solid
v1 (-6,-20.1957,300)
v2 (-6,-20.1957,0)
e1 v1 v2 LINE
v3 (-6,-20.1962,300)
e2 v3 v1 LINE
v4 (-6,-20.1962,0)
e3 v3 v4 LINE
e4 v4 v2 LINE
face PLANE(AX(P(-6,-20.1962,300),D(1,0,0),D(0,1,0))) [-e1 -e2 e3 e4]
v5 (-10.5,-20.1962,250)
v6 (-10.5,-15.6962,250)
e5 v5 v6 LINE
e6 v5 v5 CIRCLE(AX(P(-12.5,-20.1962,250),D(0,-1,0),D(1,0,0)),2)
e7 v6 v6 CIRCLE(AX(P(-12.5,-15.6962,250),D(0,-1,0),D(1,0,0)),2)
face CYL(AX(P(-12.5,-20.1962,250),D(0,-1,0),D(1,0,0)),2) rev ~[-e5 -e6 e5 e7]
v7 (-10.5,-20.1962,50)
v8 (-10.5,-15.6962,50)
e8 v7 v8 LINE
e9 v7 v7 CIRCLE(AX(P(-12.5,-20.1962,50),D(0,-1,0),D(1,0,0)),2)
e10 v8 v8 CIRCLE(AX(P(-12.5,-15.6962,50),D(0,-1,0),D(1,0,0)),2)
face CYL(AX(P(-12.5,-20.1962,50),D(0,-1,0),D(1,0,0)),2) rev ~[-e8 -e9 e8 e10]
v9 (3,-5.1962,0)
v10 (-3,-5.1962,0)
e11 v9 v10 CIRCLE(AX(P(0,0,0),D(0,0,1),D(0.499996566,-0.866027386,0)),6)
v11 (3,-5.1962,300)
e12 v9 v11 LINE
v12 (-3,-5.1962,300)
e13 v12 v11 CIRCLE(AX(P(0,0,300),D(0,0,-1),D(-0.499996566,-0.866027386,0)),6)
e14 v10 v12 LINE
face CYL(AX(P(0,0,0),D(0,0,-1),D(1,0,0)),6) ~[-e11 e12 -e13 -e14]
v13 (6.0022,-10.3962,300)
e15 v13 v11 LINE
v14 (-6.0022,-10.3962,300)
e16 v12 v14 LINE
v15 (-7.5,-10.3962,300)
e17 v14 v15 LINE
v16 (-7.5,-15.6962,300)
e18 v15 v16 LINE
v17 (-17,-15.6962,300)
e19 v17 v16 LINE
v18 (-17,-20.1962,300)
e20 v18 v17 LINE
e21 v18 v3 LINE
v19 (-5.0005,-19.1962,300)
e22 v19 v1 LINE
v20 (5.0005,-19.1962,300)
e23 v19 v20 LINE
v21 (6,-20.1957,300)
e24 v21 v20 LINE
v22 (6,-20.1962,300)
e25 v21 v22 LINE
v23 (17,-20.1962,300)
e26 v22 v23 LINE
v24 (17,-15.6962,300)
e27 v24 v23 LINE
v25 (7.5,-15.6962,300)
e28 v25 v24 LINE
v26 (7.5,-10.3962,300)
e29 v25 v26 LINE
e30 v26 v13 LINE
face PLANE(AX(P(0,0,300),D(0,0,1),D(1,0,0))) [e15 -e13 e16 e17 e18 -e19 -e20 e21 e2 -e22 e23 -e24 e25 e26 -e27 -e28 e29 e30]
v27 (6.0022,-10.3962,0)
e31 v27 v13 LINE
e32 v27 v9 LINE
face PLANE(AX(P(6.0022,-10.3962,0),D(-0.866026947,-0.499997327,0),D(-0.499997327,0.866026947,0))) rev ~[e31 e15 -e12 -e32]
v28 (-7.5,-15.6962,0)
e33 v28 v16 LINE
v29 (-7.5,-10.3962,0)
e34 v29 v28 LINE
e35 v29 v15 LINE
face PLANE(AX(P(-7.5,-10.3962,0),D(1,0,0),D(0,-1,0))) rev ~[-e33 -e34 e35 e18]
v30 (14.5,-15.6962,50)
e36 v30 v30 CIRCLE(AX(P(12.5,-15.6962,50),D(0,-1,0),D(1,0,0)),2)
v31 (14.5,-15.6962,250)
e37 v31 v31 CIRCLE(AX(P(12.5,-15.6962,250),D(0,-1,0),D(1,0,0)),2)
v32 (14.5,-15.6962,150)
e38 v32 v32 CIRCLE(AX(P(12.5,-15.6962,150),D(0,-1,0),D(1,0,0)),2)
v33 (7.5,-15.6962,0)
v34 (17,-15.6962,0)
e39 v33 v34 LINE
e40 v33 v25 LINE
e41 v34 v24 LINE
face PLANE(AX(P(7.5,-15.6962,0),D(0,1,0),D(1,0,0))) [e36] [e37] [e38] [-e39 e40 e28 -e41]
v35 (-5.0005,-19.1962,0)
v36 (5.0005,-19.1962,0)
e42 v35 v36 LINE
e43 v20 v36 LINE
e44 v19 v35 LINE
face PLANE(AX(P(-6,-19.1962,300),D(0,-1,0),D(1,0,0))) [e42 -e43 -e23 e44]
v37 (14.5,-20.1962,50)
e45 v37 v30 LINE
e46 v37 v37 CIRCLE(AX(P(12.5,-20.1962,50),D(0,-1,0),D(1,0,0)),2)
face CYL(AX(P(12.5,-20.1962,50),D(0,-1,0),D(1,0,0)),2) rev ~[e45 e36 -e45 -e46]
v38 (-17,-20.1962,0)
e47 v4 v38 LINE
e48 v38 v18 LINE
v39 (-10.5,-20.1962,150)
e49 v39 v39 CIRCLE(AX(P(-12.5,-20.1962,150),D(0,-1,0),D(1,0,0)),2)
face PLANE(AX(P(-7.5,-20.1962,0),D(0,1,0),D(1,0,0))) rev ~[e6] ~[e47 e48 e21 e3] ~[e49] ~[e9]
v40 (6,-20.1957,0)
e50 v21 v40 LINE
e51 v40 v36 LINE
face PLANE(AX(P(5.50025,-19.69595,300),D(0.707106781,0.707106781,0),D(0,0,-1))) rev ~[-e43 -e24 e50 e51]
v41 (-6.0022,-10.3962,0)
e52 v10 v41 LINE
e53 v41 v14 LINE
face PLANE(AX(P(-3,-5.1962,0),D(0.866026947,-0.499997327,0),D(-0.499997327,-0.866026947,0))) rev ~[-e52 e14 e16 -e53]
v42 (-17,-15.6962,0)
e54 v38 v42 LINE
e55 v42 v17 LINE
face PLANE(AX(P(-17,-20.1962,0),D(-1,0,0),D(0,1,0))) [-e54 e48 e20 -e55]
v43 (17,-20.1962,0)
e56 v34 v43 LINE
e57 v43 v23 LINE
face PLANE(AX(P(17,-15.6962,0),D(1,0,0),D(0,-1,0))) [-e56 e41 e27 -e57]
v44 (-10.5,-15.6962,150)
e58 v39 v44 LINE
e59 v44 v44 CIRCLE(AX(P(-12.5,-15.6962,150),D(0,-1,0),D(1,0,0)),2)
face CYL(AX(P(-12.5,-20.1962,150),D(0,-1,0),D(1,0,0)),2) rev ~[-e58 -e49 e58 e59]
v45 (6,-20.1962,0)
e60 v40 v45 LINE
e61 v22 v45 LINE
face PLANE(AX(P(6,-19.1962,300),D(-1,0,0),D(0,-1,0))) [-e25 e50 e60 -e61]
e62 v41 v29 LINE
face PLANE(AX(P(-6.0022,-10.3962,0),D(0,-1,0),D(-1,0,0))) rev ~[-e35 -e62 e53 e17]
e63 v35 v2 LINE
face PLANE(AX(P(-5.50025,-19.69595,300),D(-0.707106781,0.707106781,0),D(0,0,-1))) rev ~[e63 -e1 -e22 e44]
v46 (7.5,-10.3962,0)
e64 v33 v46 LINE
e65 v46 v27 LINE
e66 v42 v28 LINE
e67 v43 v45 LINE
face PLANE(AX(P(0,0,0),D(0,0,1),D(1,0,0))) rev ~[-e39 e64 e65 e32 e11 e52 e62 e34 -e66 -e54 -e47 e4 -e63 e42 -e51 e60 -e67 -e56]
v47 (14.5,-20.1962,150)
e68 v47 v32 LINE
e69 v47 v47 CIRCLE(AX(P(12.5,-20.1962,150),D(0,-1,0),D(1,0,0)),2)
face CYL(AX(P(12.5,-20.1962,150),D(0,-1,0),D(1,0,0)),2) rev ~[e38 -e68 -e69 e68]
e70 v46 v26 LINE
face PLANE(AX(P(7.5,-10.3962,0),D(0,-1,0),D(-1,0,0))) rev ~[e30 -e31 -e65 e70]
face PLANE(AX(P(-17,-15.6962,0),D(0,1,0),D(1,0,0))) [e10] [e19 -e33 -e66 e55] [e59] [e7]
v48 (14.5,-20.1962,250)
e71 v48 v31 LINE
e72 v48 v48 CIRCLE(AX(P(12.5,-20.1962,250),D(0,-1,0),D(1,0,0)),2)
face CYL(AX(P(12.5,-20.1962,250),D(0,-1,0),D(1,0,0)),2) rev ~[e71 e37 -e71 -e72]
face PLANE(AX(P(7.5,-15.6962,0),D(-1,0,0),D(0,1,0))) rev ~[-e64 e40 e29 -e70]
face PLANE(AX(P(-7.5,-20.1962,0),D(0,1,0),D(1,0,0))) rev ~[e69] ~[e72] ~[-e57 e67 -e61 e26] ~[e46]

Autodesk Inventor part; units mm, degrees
ref_plane "YZ Plane" through (0, 0, 0) normal (1, 0, 0) x (0, 1, 0)
ref_plane "XZ Plane" through (0, 0, 0) normal (0, 1, 0) x (-1, 0, 0)
ref_plane "XY Plane" through (0, 0, 0) normal (0, 0, 1) x (1, 0, 0)
sketch "Sketch1" plane through (0, 0, 0) normal (0, 0, 1) x (1, 0, 0)
  circle A0 centre (0, 0) radius 6
  line L0 (-3, -5.1962) -> (-6.0022, -10.3962)
  line L1 (-6.0022, -10.3962) -> (6.0022, -10.3962)
  line L2 (6.0022, -10.3962) -> (3, -5.1962)
  line L3 (-7.5, -20.1962) -> (7.5, -20.1962)
  line L4 (7.5, -20.1962) -> (7.5, -10.3962)
  line L5 (7.5, -10.3962) -> (-7.5, -10.3962)
  line L6 (-7.5, -10.3962) -> (-7.5, -20.1962)
  line L7 (0, -10.3962) -> (0, 0)
  line L8 (-17, -15.6962) -> (17, -15.6962)
  line L9 (17, -15.6962) -> (17, -20.1962)
  line L10 (17, -20.1962) -> (-17, -20.1962)
  line L11 (-17, -20.1962) -> (-17, -15.6962)
  point P0 (0, -20.1962)
  dimension "d0" = 12
  dimension "d1" = 60
  dimension "d2" = 3
  dimension "d3" = 3
  dimension "d4" = 15
  dimension "d5" = 9.8
  dimension "d6" = 15
  dimension "d7" = 4.5
  dimension "d8" = 34
extrude "Extrusion1" add sketch "Sketch1" along normal blind 300
sketch "Sketch2" plane through (0, 0, 300) normal (0, 0, 1) x (1, 0, 0)
  arc A0 (3, -5.1962) -> (-3, -5.1962) centre (0, 0) ccw projected
  line L0 (3, -5.1962) -> (6.0022, -10.3962) projected
  line L1 (6.0022, -10.3962) -> (7.5, -10.3962) projected
  line L2 (7.5, -10.3962) -> (7.5, -15.6962) projected
  line L3 (7.5, -15.6962) -> (17, -15.6962) projected
  line L4 (17, -15.6962) -> (17, -20.1962) projected
  line L5 (17, -20.1962) -> (-17, -20.1962) projected
  line L6 (-17, -20.1962) -> (-17, -15.6962) projected
  line L7 (-17, -15.6962) -> (-7.5, -15.6962) projected
  line L8 (-7.5, -15.6962) -> (-7.5, -10.3962) projected
  line L9 (-7.5, -10.3962) -> (-6.0022, -10.3962) projected
  line L10 (-6.0022, -10.3962) -> (-3, -5.1962) projected
  line L11 (-6, -19.1962) -> (6, -19.1962)
  line L12 (6, -19.1962) -> (6, -20.1962)
  line L13 (6, -20.1962) -> (-6, -20.1962)
  line L14 (-6, -20.1962) -> (-6, -19.1962)
  point P0 (0, -20.1962)
  dimension "d11" = 12
  dimension "d12" = 1
extrude "Extrusion2" cut sketch "Sketch2" against normal through all contours L5 L14 L11 L12
chamfer "Chamfer1" distance 1 angle 45 2 edges at (-6, -19.1962, 150) (6, -19.1962, 150)
sketch "Sketch3" plane through (-17, -20.1962, 0) normal (0, -1, 0) x (1, 0, 0)
  line L0 (23, 0) -> (23, 300) construction
  line L1 (23, 300) -> (34, 300) projected
  line L2 (34, 300) -> (34, 0) projected
  line L3 (34, 0) -> (23, 0) construction
  line L4 (11, 300) -> (11, 0) construction
  line L5 (11, 0) -> (0, 0) construction
  line L6 (0, 0) -> (0, 300) projected
  line L7 (0, 300) -> (11, 300) projected
  circle A0 centre (4.5, 50) radius 2
  circle A1 centre (29.5, 50) radius 2
  line L8 (29.5, 50) -> (4.5, 50) construction
  line L9 (17, 50) -> (17, 0) construction
  dimension "d18" = 50
  dimension "d19" = 4
  dimension "d20" = 4
  dimension "d21" = 25
extrude "Extrusion3" cut sketch "Sketch3" against normal through all
thread "Thread1" size "M4x0.7" class "6H" standard "ANSI Metric M Profile" full length
thread "Thread2" size "M4x0.7" class "6H" standard "ANSI Metric M Profile" full length
pattern_linear "Rectangular Pattern1" count 3 spacing 100 along (0, 0, 1) of "Extrusion3"
properties part number "sbr12_300mm"
